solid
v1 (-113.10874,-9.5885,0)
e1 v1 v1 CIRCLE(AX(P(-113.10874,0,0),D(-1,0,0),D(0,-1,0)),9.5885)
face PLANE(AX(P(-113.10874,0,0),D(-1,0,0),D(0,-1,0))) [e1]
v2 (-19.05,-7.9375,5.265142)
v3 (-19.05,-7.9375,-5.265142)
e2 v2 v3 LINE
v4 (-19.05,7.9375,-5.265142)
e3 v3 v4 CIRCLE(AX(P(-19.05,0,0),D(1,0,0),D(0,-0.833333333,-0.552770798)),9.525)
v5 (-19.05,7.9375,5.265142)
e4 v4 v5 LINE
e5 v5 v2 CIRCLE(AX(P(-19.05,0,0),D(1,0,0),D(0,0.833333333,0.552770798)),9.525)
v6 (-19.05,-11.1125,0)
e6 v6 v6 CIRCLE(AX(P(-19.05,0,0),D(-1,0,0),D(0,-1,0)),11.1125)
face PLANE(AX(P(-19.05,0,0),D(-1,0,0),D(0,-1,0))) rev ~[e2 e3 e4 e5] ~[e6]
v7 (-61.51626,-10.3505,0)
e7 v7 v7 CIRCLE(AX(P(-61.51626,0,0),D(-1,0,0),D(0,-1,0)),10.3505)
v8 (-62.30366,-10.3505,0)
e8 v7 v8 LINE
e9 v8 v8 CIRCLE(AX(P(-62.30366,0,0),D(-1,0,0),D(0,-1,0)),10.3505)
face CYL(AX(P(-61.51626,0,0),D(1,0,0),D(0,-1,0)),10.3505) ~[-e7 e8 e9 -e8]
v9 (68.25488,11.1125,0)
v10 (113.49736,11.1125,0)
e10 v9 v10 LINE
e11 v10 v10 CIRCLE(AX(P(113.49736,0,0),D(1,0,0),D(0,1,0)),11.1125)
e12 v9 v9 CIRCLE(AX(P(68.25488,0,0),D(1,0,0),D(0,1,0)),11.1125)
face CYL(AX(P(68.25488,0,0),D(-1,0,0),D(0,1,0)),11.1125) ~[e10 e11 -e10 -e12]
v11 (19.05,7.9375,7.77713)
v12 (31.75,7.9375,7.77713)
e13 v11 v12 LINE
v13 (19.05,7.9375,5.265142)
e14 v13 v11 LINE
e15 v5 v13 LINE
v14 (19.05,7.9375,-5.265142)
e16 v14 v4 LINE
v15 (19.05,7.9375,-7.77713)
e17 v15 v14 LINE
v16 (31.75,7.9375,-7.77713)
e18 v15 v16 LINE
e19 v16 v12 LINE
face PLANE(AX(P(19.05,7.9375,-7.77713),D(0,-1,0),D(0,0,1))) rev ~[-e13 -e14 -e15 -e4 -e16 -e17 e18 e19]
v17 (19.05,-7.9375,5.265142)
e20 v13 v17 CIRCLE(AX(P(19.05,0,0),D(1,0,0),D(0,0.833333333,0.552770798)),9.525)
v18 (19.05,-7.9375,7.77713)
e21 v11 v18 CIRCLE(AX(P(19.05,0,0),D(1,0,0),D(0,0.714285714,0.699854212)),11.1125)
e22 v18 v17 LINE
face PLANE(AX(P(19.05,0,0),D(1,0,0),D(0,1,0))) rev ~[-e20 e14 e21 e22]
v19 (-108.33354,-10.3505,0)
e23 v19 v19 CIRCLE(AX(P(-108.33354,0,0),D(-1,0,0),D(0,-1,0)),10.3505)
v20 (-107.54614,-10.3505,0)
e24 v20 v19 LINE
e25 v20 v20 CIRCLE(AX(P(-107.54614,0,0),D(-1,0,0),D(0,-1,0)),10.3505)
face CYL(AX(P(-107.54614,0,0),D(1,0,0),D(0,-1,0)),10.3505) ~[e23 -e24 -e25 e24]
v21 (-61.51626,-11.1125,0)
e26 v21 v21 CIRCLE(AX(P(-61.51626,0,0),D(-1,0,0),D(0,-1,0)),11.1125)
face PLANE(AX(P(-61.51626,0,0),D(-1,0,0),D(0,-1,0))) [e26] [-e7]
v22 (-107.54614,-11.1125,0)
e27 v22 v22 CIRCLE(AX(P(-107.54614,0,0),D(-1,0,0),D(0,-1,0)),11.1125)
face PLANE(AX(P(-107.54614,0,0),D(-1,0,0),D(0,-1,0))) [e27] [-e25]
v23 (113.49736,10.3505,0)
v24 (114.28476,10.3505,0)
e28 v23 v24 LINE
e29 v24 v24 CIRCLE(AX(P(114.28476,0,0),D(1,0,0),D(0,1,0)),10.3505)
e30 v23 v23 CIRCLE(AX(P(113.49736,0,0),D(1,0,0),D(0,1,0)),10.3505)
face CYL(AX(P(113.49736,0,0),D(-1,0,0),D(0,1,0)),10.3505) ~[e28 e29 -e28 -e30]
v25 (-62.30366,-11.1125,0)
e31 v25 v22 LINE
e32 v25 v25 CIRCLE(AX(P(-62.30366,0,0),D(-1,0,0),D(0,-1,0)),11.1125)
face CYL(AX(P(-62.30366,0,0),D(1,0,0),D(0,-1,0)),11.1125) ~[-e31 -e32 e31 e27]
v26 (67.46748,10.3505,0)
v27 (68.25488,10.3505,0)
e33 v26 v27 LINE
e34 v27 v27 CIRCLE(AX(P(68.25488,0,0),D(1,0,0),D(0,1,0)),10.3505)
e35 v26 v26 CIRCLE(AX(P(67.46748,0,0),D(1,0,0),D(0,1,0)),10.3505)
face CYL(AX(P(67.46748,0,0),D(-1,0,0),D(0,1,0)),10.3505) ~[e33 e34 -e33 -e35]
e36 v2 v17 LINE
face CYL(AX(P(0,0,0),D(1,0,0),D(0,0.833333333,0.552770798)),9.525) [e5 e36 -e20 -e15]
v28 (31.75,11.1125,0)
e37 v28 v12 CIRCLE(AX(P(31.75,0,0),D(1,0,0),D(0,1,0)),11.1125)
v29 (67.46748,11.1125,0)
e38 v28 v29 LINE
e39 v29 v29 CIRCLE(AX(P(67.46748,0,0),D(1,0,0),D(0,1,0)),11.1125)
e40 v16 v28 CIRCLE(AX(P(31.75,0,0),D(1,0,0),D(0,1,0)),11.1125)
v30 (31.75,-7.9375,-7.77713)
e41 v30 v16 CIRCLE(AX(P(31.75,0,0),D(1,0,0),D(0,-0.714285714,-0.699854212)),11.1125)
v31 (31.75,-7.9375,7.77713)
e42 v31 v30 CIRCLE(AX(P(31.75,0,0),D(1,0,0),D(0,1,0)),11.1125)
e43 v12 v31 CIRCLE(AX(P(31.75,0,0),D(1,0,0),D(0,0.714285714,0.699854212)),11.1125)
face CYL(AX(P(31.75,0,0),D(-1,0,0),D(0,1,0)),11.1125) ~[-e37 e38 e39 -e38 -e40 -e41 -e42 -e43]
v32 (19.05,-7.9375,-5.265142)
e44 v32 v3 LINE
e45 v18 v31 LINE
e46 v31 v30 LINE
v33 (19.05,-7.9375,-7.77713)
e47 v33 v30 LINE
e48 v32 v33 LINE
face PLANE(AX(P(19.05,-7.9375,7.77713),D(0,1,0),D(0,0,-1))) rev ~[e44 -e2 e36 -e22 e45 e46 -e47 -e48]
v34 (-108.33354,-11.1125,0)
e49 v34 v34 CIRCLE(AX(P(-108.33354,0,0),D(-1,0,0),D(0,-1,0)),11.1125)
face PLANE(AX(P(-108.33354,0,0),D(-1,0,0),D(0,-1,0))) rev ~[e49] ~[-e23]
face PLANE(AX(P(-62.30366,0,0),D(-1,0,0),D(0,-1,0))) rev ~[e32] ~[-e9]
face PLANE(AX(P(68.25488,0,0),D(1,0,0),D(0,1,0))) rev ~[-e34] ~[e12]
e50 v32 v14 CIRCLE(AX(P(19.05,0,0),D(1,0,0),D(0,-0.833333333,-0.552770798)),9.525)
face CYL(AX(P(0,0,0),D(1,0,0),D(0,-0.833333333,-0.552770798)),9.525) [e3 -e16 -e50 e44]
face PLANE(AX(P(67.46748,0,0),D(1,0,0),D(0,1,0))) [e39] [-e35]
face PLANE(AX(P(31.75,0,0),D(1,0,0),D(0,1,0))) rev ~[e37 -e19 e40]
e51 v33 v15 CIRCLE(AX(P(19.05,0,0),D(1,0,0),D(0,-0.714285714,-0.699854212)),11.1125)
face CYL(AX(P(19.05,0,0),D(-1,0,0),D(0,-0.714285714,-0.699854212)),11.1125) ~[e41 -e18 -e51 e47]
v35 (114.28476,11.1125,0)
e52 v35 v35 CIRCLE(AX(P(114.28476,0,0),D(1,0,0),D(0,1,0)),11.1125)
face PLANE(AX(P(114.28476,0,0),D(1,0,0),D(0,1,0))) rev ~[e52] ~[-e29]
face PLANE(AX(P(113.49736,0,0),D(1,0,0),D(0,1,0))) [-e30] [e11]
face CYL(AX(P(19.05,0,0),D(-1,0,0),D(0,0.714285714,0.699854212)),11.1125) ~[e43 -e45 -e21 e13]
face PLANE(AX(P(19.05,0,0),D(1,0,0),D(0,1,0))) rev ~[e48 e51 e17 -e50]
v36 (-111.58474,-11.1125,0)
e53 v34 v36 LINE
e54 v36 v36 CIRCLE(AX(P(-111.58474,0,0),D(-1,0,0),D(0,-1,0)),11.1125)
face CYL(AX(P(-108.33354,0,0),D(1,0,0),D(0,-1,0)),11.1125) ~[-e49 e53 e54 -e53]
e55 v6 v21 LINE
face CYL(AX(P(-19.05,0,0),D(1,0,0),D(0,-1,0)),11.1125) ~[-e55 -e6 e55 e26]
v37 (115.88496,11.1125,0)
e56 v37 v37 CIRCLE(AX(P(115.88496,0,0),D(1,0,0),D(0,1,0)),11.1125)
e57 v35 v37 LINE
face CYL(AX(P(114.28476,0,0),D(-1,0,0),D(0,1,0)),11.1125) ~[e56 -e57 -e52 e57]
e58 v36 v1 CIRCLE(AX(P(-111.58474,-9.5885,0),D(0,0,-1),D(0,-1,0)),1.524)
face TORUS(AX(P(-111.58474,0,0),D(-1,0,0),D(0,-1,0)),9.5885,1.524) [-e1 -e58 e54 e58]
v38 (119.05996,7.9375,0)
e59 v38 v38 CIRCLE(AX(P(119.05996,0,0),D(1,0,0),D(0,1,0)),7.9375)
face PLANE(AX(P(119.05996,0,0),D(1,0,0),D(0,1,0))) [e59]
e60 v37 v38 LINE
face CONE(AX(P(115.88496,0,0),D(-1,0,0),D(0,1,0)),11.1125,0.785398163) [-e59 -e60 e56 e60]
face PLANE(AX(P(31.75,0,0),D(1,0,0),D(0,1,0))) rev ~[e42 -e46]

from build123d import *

# Parameters (mm, degrees)
F1_DEPTH  = 19.05
F3_DEPTH  = 12.7
F4_R      = 11.1125
F5_DEPTH  = 35.71748
F6_R      = 11.1125
F7_DEPTH  = 42.46626
F8_R      = 10.3505
F9_DEPTH  = 0.7874
F10_R     = 10.3505
F11_DEPTH = 0.7874
F12_R     = 11.1125
F13_DEPTH = 45.24248
F14_R     = 10.3505
F15_DEPTH = 0.7874
F16_R     = 11.1125
F17_DEPTH = 4.7752
F18_R     = 1.524
F19_R     = 11.1125
F20_DEPTH = 45.24248
F21_R     = 10.3505
F22_DEPTH = 0.7874
F23_R     = 11.1125
F24_DEPTH = 4.7752
F25_SIZE  = 3.175


with BuildPart() as f1:
    # F0 (on Right) → F1 (new body, symmetric)
    with BuildSketch(Plane.YZ):
        with BuildLine():
            Line((7.9375, -5.2651418547), (7.9375, 5.2651418547))
            ThreePointArc((7.9375, 5.2651418547), (0, 9.525), (-7.9375, 5.2651418547))
            Line((-7.9375, 5.2651418547), (-7.9375, -5.2651418547))
            ThreePointArc((-7.9375, -5.2651418547), (0, -9.525), (7.9375, -5.2651418547))
        make_face()
    extrude(amount=F1_DEPTH, both=True)

    # F2 (on face) → F3 (join)
    with BuildSketch(Plane.YZ.offset(19.05)):
        with BuildLine():
            Line((-7.9375, 7.7771299333), (-7.9375, -7.7771299333))
            ThreePointArc((-7.9375, -7.7771299333), (0, -11.1125), (7.9375, -7.7771299333))
            Line((7.9375, -7.7771299333), (7.9375, 7.7771299333))
            ThreePointArc((7.9375, 7.7771299333), (0, 11.1125), (-7.9375, 7.7771299333))
        make_face()
    extrude(amount=F3_DEPTH)

    # F4 (on face) → F5 (join)
    with BuildSketch(Plane.YZ.offset(31.75)):
        Circle(F4_R)
    extrude(amount=F5_DEPTH)

    # F6 (on face) → F7 (join)
    with BuildSketch(Plane(origin=(-19.05, 0, 0), x_dir=(0, -1, 0), z_dir=(-1, 0, 0))):
        Circle(F6_R)
    extrude(amount=F7_DEPTH)

    # F8 (on face) → F9 (join)
    with BuildSketch(Plane.YZ.offset(67.46748)):
        Circle(F8_R)
    extrude(amount=F9_DEPTH)

    # F10 (on face) → F11 (join)
    with BuildSketch(Plane(origin=(-61.51626, 0, 0), x_dir=(0, -1, 0), z_dir=(-1, 0, 0))):
        Circle(F10_R)
    extrude(amount=F11_DEPTH)

    # F12 (on face) → F13 (join)
    with BuildSketch(Plane(origin=(-62.30366, 0, 0), x_dir=(0, -1, 0), z_dir=(-1, 0, 0))):
        Circle(F12_R)
    extrude(amount=F13_DEPTH)

    # F14 (on face) → F15 (join)
    with BuildSketch(Plane(origin=(-107.54614, 0, 0), x_dir=(0, -1, 0), z_dir=(-1, 0, 0))):
        Circle(F14_R)
    extrude(amount=F15_DEPTH)

    # F16 (on face) → F17 (join)
    with BuildSketch(Plane(origin=(-108.33354, 0, 0), x_dir=(0, -1, 0), z_dir=(-1, 0, 0))):
        Circle(F16_R)
    extrude(amount=F17_DEPTH)

    # F18
    f18_edges = [f1.edges().sort_by_distance(p)[0] for p in [
        (-113.10874, 11.1125, 0),
    ]]
    fillet(f18_edges, radius=F18_R)

    # F19 (on face) → F20 (join)
    with BuildSketch(Plane.YZ.offset(68.25488)):
        Circle(F19_R)
    extrude(amount=F20_DEPTH)

    # F21 (on face) → F22 (join)
    with BuildSketch(Plane.YZ.offset(113.49736)):
        Circle(F21_R)
    extrude(amount=F22_DEPTH)

    # F23 (on face) → F24 (join)
    with BuildSketch(Plane.YZ.offset(114.28476)):
        Circle(F23_R)
    extrude(amount=F24_DEPTH)

    # F25
    f25_edges = [f1.edges().sort_by_distance(p)[0] for p in [
        (119.05996, -11.1125, 0),
    ]]
    chamfer(f25_edges, length=F25_SIZE)


solid = f1.part
